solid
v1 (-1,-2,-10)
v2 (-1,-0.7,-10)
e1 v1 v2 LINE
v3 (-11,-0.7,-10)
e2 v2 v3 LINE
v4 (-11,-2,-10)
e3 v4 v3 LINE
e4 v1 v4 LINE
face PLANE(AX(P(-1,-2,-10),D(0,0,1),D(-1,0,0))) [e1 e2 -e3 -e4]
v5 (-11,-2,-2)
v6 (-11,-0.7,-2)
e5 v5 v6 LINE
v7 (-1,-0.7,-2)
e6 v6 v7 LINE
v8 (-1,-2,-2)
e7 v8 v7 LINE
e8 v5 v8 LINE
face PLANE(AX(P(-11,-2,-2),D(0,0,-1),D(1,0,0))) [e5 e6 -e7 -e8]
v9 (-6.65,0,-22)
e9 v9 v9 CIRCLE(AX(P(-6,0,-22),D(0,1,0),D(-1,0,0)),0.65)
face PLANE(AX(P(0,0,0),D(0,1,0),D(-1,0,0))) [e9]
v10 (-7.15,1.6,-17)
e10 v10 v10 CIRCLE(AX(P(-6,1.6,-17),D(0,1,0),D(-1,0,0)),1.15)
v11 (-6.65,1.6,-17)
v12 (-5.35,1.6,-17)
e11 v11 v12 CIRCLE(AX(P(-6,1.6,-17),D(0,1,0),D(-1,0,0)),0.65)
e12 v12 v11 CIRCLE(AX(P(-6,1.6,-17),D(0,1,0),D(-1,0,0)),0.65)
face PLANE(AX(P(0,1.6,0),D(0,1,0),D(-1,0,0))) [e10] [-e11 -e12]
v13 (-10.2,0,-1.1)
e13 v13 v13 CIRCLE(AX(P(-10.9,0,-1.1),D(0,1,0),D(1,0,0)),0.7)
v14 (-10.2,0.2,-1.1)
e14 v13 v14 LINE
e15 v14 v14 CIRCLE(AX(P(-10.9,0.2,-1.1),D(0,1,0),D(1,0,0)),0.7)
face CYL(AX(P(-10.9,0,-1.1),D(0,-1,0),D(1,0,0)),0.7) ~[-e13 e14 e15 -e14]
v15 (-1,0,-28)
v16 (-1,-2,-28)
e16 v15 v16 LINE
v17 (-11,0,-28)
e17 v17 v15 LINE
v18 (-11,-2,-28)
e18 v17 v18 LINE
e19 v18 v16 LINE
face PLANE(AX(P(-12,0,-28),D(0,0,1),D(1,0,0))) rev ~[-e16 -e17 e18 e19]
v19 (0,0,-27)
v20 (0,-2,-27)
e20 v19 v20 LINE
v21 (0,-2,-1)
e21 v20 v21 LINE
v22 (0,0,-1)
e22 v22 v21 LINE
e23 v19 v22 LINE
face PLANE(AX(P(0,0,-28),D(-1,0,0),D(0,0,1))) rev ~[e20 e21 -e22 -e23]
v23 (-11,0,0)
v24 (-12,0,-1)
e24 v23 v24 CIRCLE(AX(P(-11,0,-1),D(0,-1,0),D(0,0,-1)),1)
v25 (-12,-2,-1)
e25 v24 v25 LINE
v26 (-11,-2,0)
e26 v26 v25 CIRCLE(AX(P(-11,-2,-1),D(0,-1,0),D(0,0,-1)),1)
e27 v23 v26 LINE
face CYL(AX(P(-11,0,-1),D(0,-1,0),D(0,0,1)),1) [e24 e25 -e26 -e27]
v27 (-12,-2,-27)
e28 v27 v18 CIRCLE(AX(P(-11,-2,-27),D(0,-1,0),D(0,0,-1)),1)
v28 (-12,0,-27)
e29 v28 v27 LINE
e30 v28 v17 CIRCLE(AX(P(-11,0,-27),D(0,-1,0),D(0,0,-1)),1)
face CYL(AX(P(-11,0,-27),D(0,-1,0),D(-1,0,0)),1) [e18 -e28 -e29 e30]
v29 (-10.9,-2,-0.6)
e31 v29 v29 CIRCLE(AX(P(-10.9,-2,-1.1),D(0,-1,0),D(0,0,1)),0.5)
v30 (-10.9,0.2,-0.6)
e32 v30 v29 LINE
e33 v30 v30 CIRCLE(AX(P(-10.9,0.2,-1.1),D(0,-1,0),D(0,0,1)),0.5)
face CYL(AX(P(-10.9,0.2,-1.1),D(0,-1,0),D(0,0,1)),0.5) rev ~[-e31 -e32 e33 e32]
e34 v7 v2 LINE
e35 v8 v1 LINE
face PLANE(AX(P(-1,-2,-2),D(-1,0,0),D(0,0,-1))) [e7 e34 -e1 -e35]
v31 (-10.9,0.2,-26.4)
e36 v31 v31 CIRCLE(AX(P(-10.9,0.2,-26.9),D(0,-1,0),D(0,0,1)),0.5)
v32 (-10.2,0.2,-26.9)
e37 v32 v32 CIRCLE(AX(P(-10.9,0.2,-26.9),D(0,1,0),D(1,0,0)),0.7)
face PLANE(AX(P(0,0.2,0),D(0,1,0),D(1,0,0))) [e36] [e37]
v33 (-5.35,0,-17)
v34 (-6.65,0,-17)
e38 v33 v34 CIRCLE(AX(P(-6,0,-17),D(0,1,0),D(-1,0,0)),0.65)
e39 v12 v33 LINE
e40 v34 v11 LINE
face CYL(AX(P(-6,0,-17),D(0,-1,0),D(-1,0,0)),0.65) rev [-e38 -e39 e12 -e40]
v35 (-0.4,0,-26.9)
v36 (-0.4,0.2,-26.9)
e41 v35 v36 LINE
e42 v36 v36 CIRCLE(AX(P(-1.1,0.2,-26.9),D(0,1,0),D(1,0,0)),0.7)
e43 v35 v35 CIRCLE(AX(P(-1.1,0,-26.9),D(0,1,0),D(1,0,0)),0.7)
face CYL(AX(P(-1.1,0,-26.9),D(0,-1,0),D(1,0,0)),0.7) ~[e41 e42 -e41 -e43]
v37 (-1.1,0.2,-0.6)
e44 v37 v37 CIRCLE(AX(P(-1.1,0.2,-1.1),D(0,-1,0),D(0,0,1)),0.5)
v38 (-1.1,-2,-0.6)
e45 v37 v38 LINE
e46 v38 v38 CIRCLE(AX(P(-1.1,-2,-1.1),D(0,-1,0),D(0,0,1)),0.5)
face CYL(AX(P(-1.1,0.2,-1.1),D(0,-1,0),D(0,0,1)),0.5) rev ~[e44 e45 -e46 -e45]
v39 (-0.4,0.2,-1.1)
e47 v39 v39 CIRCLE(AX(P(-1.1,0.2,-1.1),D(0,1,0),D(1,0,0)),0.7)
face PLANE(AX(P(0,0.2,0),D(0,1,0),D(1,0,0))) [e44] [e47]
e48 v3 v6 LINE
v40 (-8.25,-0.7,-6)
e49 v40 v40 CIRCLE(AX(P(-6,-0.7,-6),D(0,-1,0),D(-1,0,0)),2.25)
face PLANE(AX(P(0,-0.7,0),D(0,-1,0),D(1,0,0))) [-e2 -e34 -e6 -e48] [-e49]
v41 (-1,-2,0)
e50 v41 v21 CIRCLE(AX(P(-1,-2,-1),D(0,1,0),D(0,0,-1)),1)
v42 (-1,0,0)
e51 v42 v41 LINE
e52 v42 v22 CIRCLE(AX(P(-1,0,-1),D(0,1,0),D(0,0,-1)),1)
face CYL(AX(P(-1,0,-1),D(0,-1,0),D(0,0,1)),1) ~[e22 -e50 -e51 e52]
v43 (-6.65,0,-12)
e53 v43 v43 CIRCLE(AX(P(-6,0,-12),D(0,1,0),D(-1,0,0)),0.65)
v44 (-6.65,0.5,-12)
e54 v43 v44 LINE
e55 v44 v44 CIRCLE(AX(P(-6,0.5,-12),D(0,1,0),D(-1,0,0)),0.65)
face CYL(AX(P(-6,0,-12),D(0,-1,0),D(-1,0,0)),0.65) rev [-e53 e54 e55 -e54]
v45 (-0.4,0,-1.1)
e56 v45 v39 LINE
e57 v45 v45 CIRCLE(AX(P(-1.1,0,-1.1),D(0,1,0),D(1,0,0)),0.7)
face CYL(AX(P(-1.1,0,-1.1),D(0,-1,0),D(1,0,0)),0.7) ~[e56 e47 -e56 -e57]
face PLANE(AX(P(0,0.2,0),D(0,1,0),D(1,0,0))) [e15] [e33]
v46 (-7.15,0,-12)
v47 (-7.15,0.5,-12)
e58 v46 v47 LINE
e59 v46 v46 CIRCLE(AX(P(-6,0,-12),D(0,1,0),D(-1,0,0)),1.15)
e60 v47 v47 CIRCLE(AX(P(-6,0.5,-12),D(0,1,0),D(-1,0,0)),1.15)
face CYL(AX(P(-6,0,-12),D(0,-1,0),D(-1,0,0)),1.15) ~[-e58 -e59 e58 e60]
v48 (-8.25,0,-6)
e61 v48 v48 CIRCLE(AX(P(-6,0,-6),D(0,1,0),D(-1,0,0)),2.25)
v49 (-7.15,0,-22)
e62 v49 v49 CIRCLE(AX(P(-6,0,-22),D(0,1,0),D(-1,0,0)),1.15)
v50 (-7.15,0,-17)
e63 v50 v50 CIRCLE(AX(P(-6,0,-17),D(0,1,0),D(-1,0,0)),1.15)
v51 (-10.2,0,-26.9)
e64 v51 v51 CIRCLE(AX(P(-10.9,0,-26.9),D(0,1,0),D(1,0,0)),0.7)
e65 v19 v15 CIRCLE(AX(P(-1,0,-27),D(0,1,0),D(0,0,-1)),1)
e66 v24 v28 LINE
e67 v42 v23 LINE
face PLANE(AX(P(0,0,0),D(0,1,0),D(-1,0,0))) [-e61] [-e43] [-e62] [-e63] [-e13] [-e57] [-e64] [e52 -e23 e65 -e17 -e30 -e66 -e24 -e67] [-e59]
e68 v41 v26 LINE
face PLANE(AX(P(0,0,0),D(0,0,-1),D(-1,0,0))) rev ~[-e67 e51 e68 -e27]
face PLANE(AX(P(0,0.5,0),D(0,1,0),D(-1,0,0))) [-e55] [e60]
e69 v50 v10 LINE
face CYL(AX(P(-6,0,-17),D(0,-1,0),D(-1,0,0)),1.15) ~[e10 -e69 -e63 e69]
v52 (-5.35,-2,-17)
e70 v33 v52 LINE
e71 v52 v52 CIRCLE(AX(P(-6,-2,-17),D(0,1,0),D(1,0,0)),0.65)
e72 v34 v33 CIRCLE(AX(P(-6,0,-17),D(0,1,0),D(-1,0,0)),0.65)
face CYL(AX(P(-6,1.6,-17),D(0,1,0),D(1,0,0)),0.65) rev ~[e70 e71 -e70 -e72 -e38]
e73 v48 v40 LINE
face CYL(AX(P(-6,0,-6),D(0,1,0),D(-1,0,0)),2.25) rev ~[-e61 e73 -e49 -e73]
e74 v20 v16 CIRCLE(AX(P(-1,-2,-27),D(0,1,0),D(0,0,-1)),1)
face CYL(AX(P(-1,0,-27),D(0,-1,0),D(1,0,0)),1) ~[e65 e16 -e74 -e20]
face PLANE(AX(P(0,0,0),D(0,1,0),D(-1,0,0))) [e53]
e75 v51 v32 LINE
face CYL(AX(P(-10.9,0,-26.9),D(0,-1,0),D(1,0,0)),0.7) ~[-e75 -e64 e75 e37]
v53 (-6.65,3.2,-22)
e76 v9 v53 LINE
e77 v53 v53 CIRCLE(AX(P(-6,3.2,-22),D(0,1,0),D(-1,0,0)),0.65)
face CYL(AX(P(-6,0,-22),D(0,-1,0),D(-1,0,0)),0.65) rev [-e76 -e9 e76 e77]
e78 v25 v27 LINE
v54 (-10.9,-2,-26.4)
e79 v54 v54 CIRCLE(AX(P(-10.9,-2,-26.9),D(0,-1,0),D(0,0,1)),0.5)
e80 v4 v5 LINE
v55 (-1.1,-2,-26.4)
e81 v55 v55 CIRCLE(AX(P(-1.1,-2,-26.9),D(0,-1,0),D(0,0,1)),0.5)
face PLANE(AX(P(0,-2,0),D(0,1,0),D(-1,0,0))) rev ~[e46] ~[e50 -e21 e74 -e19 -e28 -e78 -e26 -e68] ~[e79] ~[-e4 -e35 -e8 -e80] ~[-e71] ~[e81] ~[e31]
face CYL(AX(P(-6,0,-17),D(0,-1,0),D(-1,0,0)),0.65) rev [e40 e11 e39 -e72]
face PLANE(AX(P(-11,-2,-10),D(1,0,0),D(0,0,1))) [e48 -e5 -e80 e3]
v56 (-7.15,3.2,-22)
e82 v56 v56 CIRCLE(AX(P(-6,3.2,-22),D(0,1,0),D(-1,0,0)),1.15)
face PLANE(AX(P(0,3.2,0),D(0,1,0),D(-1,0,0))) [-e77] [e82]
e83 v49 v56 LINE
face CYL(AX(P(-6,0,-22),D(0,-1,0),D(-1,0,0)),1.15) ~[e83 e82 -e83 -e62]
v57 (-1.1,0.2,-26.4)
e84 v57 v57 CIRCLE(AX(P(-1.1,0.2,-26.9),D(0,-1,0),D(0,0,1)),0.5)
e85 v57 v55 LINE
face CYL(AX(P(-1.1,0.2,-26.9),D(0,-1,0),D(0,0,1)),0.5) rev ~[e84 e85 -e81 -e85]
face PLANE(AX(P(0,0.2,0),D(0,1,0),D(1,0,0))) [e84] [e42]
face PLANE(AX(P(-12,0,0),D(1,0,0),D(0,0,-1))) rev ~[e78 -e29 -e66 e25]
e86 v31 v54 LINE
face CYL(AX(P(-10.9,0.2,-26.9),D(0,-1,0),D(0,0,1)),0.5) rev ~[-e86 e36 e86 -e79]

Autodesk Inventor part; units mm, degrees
ref_plane "YZ Plane" through (0, 0, 0) normal (1, 0, 0) x (0, 1, 0)
ref_plane "XZ Plane" through (0, 0, 0) normal (0, 1, 0) x (-1, 0, 0)
ref_plane "XY Plane" through (0, 0, 0) normal (0, 0, 1) x (1, 0, 0)
sketch "Эскиз1" plane through (0, 0, 0) normal (0, 1, 0) x (-1, 0, 0)
  line L0 (0, 0) -> (12, 0)
  line L1 (12, 0) -> (12, -28)
  line L2 (12, -28) -> (0, -28)
  line L3 (0, -28) -> (0, 0)
  circle A0 centre (6, -12) radius 0.65
  circle A1 centre (6, -17) radius 0.65
  circle A2 centre (6, -22) radius 0.65
  line L4 (6, -12) -> (6, -17) construction
  line L5 (6, -17) -> (6, -22) construction
  line L6 (6, -6) -> (6, 0) construction
  line L7 (6, -12) -> (12, -12) construction
  circle A3 centre (6, -17) radius 1.15
  circle A4 centre (6, -12) radius 1.15
  circle A5 centre (6, -22) radius 1.15
  circle A6 centre (6, -6) radius 2.25
  line L8 (6, -12) -> (6, -6) construction
  line L9 (6, -22) -> (6, -28) construction
  point P0 (12, -14)
  dimension "d1" = 5
  dimension "d4" = 6
  dimension "d5" = 1.3
  dimension "d6" = 0.5
  dimension "d30" = 6
  dimension "d31" = 4.5
extrude "Выдавливание1" add sketch "Эскиз1" against normal blind 2 contours L0 L1 L2 L3 | A0 | A1 | A2 | A3 | A4 | A5 | A6
extrude "Выдавливание2" add sketch "Эскиз1" along normal blind 0.5 contours A4
extrude "Выдавливание4" add sketch "Эскиз1" along normal blind 1.6 contours A3
extrude "Выдавливание5" add sketch "Эскиз1" along normal blind 3.2 contours A5
sketch "Эскиз2" plane through (-6, 1.6, -17) normal (0, 1, 0) x (1, 0, 0)
  circle A0 centre (0, 0) radius 0.65 projected
  point P0 (6, -17)
extrude "Выдавливание3" cut sketch "Эскиз2" against normal through all
extrude "Выдавливание7" cut sketch "Эскиз1" against normal through all contours A6
sketch "Эскиз7" plane through (0, -2, 0) normal (0, -1, 0) x (1, 0, 0)
  circle A0 centre (-6, -6) radius 2.25 projected
  line L0 (-1, -10) -> (-11, -10)
  line L1 (-11, -10) -> (-11, -2)
  line L2 (-11, -2) -> (-1, -2)
  line L3 (-1, -2) -> (-1, -10)
  line L4 (-1, -10) -> (-11, -2) construction
  line L5 (-11, -10) -> (-1, -2) construction
  point P0 (0, 0)
  dimension "d34" = 10
  dimension "d35" = 8
extrude "Выдавливание8" cut sketch "Эскиз7" against normal blind 1.3
sketch "Эскиз5" plane through (0, 0, 0) normal (0, 1, 0) x (1, 0, 0)
  circle A0 centre (-1.1, 1.1) radius 0.7
  line L0 (0, 0) -> (0, 28) projected
  line L1 (0, 0) -> (-12, 0) construction
  line L2 (-6, 0) -> (-6, 28) construction
  line L3 (-12, 28) -> (0, 28) construction
  line L4 (-12, 0) -> (-12, 28) construction
  line L5 (-12, 14) -> (0, 14) construction
  circle A1 centre (-10.9, 1.1) radius 0.7
  circle A2 centre (-1.1, 26.9) radius 0.7
  circle A3 centre (-10.9, 26.9) radius 0.7
  dimension "d17" = 1.1
  dimension "d18" = 1.4
  dimension "d19" = 1.1
extrude "Выдавливание6" add sketch "Эскиз5" along normal blind 0.2
sketch "Эскиз6" plane through (-10.9, 0.2, -1.1) normal (0, 1, 0) x (1, 0, 0)
  circle A0 centre (0, 0) radius 0.7 projected
  circle A1 centre (9.8, 0) radius 0.7 projected
  circle A2 centre (9.8, 25.8) radius 0.7 projected
  circle A3 centre (0, 25.8) radius 0.7 projected
  point P0 (10.9, -1.1)
hole "Отверстие1" at (-10.9, 0.2, -1.1) at (-1.1, 0.2, -1.1) at (-10.9, 0.2, -26.9) at (-1.1, 0.2, -26.9) direction (0, -1, 0) diameter 1 end through all
fillet "Сопряжение1" radius 1 4 edges at (0, -1, 0) (-12, -1, 0) (0, -1, -28) (-12, -1, -28)
equation "\"d19\" = d17"
properties part number "Основание сервы"
